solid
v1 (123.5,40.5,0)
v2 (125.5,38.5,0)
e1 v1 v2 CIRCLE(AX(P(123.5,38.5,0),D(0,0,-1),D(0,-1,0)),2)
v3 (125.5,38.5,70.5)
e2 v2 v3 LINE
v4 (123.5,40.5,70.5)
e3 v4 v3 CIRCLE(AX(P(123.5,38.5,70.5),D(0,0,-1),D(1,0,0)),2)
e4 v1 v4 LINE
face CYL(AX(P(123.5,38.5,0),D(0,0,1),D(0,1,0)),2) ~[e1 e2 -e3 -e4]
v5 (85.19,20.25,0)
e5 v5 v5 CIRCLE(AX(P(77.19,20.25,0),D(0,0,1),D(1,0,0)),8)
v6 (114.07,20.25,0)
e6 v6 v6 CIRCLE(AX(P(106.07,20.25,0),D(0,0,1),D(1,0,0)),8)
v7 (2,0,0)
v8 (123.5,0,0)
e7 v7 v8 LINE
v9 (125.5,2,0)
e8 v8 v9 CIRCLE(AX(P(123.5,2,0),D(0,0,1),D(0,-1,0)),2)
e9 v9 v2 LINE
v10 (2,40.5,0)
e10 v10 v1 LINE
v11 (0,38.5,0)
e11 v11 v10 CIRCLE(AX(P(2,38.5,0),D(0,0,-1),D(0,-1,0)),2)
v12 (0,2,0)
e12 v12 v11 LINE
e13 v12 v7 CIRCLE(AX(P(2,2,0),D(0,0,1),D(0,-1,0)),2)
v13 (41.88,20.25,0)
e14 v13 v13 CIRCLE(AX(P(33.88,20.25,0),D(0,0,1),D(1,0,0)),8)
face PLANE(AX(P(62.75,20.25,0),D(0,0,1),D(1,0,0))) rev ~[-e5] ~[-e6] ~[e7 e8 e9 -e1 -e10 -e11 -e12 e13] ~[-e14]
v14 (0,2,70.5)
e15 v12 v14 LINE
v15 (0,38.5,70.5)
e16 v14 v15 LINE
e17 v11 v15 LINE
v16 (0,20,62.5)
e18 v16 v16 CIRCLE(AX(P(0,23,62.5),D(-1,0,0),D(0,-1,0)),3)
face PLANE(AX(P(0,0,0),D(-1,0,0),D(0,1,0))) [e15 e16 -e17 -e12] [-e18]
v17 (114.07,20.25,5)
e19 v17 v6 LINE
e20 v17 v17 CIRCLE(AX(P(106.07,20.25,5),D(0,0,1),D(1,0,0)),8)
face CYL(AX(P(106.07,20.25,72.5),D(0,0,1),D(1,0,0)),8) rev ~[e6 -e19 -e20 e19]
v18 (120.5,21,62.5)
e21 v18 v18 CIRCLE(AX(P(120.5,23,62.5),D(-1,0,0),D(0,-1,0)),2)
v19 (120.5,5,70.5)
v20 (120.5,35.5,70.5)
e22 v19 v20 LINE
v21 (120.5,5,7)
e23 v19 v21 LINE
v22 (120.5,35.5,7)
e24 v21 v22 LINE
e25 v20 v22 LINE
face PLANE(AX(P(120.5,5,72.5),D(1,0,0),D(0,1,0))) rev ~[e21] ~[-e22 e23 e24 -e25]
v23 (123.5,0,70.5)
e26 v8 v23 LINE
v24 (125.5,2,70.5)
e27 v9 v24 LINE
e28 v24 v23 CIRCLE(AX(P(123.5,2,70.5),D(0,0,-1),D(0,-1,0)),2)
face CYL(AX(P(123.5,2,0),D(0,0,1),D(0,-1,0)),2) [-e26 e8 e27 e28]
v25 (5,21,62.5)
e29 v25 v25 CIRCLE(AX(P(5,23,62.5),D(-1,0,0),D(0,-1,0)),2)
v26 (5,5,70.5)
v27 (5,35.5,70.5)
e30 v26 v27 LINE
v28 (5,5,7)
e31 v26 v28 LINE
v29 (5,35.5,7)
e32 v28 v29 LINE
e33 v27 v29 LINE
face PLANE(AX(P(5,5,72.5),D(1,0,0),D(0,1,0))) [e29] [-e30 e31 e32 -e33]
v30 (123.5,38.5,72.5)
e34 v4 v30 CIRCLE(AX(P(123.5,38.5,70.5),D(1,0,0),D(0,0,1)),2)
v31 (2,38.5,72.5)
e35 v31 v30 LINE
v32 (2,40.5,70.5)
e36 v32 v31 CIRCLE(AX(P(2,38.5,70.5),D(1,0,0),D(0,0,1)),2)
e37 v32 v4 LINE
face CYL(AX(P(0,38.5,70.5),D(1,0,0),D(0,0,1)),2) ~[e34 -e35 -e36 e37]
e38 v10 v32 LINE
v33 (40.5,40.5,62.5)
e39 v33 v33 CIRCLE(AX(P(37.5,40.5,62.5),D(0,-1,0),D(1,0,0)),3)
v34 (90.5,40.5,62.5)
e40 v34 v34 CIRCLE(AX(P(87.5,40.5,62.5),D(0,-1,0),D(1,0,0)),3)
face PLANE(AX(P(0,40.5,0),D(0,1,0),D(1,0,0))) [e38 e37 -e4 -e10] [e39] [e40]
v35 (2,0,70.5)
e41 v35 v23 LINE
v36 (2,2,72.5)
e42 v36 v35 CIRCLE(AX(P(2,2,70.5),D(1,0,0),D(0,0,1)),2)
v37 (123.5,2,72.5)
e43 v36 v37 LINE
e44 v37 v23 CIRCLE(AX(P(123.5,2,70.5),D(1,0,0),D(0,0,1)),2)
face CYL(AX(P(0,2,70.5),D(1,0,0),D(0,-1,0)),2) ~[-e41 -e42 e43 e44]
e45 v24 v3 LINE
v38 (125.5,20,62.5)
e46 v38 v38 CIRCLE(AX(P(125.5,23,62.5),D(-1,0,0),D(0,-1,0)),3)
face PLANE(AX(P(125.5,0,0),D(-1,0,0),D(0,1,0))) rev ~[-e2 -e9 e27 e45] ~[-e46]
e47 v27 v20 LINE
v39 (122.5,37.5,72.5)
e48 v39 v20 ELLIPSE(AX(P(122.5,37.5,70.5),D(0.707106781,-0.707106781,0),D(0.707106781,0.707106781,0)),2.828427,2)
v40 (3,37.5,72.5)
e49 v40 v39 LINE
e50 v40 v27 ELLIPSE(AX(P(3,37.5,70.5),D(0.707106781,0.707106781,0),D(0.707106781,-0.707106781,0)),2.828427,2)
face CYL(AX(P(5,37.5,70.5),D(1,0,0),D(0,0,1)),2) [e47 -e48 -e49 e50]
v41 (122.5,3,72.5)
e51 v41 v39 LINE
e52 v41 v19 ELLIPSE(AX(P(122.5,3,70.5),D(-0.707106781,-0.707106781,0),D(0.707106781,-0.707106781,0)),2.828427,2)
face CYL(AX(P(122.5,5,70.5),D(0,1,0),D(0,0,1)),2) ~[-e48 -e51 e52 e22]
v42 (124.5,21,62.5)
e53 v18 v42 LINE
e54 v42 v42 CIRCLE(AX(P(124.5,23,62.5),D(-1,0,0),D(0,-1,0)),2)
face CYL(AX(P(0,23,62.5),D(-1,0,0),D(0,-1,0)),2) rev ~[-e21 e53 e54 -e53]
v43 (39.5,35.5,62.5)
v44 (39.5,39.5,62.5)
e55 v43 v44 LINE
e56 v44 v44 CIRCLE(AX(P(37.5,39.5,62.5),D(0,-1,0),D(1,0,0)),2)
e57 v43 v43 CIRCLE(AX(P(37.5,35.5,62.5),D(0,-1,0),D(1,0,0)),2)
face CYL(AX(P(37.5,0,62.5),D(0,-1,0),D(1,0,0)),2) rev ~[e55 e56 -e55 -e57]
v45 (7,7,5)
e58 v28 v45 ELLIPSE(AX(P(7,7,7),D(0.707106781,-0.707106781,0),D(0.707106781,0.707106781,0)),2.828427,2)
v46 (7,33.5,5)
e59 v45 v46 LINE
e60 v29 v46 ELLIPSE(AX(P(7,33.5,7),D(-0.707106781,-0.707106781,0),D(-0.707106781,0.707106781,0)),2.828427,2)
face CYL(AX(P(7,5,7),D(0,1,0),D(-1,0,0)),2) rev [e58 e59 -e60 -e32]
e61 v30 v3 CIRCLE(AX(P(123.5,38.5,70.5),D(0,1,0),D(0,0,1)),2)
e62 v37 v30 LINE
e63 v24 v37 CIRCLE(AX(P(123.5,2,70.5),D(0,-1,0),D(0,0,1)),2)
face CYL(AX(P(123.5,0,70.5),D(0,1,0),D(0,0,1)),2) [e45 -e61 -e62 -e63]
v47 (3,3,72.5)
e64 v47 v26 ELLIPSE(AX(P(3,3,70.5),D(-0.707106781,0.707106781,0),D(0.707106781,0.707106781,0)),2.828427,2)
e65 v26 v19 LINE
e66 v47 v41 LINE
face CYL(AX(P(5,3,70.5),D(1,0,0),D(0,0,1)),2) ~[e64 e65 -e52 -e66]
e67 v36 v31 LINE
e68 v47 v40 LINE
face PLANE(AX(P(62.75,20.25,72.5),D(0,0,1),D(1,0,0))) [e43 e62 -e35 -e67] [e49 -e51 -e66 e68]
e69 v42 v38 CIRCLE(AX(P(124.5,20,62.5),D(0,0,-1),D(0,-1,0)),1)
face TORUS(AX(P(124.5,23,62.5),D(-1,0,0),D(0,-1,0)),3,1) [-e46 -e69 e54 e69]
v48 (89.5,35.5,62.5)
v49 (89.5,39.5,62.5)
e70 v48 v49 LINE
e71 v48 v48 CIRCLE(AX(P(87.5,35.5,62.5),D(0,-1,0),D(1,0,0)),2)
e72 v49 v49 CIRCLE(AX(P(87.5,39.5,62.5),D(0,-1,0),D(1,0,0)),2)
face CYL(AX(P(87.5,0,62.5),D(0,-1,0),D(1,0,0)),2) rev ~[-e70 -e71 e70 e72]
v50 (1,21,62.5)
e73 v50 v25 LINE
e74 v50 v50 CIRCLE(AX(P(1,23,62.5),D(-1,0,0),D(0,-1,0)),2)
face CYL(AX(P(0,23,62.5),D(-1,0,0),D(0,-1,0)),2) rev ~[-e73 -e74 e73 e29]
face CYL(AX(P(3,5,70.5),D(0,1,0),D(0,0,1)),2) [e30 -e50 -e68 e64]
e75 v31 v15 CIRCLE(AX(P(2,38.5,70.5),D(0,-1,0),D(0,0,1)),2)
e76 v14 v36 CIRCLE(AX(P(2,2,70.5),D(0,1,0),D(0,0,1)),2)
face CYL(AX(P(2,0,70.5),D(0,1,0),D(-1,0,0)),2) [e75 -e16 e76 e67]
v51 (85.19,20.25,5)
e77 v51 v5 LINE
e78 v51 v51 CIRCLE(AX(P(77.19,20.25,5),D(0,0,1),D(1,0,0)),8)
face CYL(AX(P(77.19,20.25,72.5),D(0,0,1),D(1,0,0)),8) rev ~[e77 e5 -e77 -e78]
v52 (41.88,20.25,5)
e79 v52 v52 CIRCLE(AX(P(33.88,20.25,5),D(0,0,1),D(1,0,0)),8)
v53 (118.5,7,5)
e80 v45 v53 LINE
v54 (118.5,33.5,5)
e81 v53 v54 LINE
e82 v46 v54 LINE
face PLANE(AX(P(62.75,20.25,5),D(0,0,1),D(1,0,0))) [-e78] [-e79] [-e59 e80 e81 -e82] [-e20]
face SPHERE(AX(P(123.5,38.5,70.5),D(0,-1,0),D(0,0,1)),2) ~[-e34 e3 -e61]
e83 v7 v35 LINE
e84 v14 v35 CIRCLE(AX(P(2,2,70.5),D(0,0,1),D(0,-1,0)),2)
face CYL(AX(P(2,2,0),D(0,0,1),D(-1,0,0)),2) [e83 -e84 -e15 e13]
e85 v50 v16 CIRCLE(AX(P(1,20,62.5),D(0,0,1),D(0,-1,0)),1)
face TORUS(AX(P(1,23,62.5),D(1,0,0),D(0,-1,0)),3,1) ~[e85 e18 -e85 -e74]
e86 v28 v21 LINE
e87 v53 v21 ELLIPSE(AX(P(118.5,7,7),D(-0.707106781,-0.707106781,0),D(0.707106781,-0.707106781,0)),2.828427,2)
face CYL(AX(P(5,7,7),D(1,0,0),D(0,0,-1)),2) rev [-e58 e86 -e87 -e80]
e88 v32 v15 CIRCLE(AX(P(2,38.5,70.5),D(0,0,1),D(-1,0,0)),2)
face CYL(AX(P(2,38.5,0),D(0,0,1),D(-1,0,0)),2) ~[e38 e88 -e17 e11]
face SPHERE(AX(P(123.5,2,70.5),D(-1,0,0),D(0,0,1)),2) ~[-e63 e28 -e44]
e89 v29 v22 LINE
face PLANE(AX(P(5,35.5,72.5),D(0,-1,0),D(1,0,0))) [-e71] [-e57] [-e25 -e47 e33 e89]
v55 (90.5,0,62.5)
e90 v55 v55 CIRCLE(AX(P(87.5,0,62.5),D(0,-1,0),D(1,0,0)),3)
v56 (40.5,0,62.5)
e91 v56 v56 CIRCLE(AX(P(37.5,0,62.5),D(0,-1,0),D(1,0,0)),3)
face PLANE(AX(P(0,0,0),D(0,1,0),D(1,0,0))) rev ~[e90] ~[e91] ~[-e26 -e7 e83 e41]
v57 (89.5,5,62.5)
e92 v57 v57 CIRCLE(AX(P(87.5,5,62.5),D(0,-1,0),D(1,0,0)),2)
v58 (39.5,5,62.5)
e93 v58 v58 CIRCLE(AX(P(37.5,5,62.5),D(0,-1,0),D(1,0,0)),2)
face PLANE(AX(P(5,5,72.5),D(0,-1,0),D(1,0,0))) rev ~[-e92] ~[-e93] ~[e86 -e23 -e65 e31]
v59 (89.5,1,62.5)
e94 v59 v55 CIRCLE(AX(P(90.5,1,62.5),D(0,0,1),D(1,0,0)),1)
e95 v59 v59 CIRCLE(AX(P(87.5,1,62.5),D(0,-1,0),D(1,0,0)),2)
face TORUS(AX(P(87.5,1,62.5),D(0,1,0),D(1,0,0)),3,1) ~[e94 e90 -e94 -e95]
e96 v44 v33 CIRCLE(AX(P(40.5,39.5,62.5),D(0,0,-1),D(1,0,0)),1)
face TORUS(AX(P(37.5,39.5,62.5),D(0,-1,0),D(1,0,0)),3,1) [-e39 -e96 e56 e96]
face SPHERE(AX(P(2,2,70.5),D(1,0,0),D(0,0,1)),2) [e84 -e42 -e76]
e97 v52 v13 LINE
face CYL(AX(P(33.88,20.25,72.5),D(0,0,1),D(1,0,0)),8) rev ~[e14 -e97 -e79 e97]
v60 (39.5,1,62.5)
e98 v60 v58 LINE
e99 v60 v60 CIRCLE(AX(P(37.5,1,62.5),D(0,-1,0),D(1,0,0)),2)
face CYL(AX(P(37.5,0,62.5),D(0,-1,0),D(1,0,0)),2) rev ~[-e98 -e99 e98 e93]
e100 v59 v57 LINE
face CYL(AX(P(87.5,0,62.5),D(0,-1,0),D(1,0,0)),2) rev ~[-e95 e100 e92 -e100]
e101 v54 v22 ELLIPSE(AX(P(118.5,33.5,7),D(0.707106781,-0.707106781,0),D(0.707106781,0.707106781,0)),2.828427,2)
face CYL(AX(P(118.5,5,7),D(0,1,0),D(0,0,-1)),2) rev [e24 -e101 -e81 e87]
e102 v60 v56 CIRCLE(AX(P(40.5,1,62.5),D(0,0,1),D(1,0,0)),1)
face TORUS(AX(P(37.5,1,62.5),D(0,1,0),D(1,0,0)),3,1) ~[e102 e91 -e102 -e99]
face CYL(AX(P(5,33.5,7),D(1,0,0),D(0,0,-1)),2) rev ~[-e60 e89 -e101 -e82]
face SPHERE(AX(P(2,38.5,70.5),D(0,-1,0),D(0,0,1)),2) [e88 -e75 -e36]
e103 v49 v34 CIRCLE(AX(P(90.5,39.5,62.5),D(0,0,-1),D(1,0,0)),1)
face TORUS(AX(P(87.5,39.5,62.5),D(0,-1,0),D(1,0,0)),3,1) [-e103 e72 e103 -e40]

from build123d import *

# Parameters (mm, degrees)
SKETCH_W        = 125.5
SKETCH_H        = 40.5
PAD_DEPTH       = 72.5
SKETCH001_W     = 115.5
SKETCH001_H     = 30.5
POCKET_DEPTH    = 67.5
SKETCH002_R     = 8
POCKET001_DEPTH = 72.5
SKETCH003_R     = 2
POCKET002_DEPTH = 40.501
SKETCH004_R     = 2
POCKET003_DEPTH = 125.501
FILLET_R        = 2
FILLET001_R     = 2
FILLET002_R     = 1


with BuildPart() as part:
    # Sketch → Pad (new body)
    with BuildSketch(Plane.XY):
        with Locations((62.75, 20.25)):
            Rectangle(SKETCH_W, SKETCH_H)
    extrude(amount=PAD_DEPTH)

    # Sketch001 (on DatumPlane) → Pocket (cut)
    with BuildSketch(Plane.XY.offset(72.5)):
        with Locations((62.75, 20.25)):
            Rectangle(SKETCH001_W, SKETCH001_H)
    extrude(amount=-POCKET_DEPTH, mode=Mode.SUBTRACT)

    # Sketch002 (on DatumPlane) → Pocket001 (cut)
    with BuildSketch(Plane.XY.offset(72.5)):
        with Locations((33.88, 20.25)):
            Circle(SKETCH002_R)
        with Locations((77.19, 20.25)):
            Circle(SKETCH002_R)
        with Locations((106.07, 20.25)):
            Circle(SKETCH002_R)
    extrude(amount=-POCKET001_DEPTH, mode=Mode.SUBTRACT)

    # Sketch003 (on DatumPlane) → Pocket002 (cut, through all)
    with BuildSketch(Plane.XZ):
        with Locations((37.5, 62.5)):
            Circle(SKETCH003_R)
        with Locations((87.5, 62.5)):
            Circle(SKETCH003_R)
    extrude(amount=-POCKET002_DEPTH, mode=Mode.SUBTRACT)

    # Sketch004 (on DatumPlane) → Pocket003 (cut, through all)
    with BuildSketch(Plane(origin=(0, 0, 0), x_dir=(0, -1, 0), z_dir=(-1, 0, 0))):
        with Locations((-23, 62.5)):
            Circle(SKETCH004_R)
    extrude(amount=-POCKET003_DEPTH, mode=Mode.SUBTRACT)

    # Fillet
    fillet_edges = [part.edges().sort_by_distance(p)[0] for p in [
        (62.75, 0, 72.5),
        (0, 20.25, 72.5),
        (125.5, 20.25, 72.5),
        (62.75, 40.5, 72.5),
        (62.75, 5, 72.5),
        (120.5, 20.25, 72.5),
        (62.75, 35.5, 72.5),
        (5, 20.25, 72.5),
        (0, 0, 36.25),
        (0, 40.5, 36.25),
        (125.5, 40.5, 36.25),
        (125.5, 0, 36.25),
    ]]
    fillet(fillet_edges, radius=FILLET_R)

    # Fillet001
    fillet001_edges = [part.edges().sort_by_distance(p)[0] for p in [
        (5, 20.25, 5),
        (62.75, 35.5, 5),
        (62.75, 5, 5),
        (120.5, 20.25, 5),
    ]]
    fillet(fillet001_edges, radius=FILLET001_R)

    # Fillet002
    fillet002_edges = [part.edges().sort_by_distance(p)[0] for p in [
        (35.5, 0, 62.5),
        (85.5, 0, 62.5),
        (125.5, 25, 62.5),
        (85.5, 40.5, 62.5),
        (35.5, 40.5, 62.5),
        (0, 25, 62.5),
    ]]
    fillet(fillet002_edges, radius=FILLET002_R)


solid = part.part
